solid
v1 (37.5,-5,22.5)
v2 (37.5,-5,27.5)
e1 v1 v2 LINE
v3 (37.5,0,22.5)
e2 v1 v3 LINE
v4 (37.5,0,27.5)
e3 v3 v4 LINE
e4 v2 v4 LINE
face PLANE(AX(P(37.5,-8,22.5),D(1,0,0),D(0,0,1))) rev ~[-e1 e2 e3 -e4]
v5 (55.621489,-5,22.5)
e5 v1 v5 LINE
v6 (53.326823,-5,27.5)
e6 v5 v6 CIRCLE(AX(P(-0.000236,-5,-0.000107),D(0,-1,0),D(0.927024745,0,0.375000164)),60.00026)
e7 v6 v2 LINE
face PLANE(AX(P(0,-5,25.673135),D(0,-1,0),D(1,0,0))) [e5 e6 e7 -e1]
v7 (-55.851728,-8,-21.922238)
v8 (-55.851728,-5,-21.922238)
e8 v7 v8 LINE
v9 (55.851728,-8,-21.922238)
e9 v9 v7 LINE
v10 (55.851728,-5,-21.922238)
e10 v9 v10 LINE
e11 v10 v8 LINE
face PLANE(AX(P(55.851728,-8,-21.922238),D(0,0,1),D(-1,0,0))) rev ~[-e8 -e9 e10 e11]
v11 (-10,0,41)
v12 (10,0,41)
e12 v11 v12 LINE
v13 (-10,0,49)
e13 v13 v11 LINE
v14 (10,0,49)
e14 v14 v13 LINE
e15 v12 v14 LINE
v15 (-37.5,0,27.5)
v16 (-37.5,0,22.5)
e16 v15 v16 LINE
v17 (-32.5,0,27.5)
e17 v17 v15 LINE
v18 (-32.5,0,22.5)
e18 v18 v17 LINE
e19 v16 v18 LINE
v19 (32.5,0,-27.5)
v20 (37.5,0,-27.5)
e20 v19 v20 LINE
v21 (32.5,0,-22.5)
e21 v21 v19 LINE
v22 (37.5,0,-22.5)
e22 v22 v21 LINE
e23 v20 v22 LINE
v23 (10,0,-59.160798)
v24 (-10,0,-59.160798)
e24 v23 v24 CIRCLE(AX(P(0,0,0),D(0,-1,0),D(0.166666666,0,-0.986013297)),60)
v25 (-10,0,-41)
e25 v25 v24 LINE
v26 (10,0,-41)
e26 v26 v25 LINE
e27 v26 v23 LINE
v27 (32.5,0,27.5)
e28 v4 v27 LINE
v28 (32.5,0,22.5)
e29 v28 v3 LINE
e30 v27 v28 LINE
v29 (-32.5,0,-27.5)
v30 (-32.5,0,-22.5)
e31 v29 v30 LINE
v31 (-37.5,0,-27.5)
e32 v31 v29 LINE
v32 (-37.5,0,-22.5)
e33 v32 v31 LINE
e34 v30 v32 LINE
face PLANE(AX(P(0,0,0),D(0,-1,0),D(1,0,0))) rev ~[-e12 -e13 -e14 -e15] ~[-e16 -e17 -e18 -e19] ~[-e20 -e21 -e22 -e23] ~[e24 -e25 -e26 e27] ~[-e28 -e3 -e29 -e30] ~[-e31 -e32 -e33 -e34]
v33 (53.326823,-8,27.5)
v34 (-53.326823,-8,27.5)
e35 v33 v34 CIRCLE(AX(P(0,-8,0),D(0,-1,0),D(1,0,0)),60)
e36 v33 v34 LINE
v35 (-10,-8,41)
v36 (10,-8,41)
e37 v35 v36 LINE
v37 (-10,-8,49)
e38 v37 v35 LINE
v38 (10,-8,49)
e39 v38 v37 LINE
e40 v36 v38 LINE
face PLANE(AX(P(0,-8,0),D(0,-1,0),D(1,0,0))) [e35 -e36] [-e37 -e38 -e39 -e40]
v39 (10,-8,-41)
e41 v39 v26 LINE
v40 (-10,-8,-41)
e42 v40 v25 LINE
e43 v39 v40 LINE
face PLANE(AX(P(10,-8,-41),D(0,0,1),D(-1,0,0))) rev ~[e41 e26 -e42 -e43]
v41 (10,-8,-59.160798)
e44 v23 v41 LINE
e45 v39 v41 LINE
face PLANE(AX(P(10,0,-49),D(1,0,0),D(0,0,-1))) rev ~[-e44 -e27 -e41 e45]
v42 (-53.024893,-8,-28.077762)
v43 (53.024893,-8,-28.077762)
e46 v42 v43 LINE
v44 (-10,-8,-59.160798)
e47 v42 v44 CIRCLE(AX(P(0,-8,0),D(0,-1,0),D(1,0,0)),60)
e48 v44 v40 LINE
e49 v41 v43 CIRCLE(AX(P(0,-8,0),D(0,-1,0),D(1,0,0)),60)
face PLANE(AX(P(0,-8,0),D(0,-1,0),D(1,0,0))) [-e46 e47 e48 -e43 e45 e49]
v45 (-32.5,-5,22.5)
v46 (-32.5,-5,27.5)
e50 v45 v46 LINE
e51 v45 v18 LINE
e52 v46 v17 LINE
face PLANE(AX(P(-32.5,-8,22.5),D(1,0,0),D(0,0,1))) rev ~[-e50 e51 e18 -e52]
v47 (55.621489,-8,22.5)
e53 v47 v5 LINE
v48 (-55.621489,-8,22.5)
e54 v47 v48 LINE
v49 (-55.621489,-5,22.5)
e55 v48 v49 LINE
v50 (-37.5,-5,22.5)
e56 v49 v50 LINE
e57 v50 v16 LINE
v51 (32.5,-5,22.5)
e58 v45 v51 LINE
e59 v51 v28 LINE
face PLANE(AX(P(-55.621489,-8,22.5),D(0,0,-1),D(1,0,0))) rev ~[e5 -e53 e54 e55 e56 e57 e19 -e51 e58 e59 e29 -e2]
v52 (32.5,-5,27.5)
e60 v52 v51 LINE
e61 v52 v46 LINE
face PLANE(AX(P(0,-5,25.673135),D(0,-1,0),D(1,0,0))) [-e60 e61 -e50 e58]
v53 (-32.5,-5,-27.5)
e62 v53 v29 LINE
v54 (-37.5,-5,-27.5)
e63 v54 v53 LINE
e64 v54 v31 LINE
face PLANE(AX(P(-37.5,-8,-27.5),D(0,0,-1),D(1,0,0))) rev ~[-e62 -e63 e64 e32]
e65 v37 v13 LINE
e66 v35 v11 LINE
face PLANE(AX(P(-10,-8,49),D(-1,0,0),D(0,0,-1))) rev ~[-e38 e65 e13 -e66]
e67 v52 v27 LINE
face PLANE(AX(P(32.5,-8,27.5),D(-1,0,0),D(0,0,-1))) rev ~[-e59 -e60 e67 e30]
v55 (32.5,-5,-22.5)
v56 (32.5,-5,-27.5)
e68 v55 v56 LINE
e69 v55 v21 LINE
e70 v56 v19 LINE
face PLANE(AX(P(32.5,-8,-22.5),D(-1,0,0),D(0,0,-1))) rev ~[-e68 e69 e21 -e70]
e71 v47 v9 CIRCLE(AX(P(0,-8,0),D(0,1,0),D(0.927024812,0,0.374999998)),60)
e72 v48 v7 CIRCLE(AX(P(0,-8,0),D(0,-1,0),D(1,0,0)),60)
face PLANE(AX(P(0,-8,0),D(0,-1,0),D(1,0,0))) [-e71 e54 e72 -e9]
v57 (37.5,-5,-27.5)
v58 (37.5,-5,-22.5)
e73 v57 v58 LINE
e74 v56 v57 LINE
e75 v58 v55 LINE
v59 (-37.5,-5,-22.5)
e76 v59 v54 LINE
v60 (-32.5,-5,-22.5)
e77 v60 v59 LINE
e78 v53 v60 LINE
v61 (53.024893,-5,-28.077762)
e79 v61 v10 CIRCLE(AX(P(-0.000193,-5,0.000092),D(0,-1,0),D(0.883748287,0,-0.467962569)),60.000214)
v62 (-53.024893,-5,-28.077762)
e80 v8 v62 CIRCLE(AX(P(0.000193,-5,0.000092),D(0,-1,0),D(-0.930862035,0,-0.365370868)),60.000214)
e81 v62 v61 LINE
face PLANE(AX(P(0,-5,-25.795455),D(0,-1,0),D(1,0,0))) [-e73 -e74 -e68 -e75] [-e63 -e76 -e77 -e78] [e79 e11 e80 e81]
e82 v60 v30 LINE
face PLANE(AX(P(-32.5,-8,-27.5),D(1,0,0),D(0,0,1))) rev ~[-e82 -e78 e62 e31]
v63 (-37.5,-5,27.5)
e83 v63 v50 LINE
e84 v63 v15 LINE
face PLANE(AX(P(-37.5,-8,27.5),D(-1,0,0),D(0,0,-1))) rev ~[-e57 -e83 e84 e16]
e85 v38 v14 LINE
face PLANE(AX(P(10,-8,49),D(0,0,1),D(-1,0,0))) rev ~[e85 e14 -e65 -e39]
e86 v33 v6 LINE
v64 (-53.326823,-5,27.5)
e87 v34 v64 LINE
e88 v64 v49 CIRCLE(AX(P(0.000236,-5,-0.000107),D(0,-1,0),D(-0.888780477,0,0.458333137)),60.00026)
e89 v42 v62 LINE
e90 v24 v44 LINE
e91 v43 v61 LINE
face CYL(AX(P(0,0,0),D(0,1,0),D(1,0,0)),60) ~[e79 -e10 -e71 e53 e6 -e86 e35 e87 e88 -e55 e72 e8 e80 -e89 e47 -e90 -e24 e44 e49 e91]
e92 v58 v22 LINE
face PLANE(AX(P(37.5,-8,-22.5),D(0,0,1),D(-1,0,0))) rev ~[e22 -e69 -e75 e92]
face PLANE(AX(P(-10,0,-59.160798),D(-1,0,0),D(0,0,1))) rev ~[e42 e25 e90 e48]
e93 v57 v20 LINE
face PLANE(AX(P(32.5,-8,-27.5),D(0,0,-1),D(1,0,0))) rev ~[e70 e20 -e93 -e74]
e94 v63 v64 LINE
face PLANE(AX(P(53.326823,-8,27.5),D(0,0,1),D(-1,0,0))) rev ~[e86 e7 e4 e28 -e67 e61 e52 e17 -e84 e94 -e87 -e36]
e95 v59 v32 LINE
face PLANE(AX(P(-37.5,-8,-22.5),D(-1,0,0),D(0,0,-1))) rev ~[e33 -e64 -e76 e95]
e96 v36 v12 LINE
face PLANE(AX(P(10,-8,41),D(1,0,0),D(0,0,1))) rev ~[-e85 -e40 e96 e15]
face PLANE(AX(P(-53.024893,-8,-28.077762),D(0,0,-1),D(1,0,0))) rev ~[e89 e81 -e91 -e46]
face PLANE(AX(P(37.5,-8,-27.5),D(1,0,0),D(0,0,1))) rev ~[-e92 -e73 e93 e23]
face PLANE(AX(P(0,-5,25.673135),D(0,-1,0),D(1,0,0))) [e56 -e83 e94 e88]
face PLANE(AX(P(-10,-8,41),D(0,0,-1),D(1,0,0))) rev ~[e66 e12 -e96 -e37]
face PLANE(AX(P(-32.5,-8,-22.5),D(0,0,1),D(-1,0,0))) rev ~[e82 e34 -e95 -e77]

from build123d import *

# Parameters (mm, degrees)
F0_R     = 60
F1_DEPTH = 8
F2_W     = 70
F2_H     = 2.5
F2_H_2   = 3.077762
F3_DEPTH = 3
F4_W     = 2.5
F4_H     = 2.5
F5_DEPTH = 8.001
F7_DEPTH = 8.001
F9_DEPTH = 8.001


with BuildPart() as f1:
    # F0 (on Front) → F1 (new body)
    with BuildSketch(Plane.XZ):
        Circle(F0_R)
    extrude(amount=F1_DEPTH)

    # F2 (on face) → F3 (cut)
    with BuildSketch(Plane.XZ.offset(8)):
        with BuildLine():
            Line((-35, 25), (35, 25))
            Line((35, 25), (35, 22.5))
            Line((35, 22.5), (55.621489, 22.5))
            ThreePointArc((55.621489, 22.5), (54.531492, 25.026314), (53.326823, 27.5))
            Line((53.326823, 27.5), (-53.326823, 27.5))
            ThreePointArc((-53.326823, 27.5), (-54.531492, 25.026314), (-55.621489, 22.5))
            Line((-55.621489, 22.5), (-35, 22.5))
            Line((-35, 22.5), (-35, 25))
        make_face()
        with Locations((0, 23.75)):
            Rectangle(F2_W, F2_H)
        with BuildLine():
            Line((55.851728, -21.922238), (35, -21.922238))
            Line((35, -21.922238), (35, -25))
            Line((35, -25), (-35, -25))
            Line((-35, -25), (-35, -21.922238))
            Line((-35, -21.922238), (-55.851728, -21.922238))
            ThreePointArc((-55.851728, -21.922238), (-54.525244, -25.039923), (-53.024893, -28.077762))
            Line((-53.024893, -28.077762), (53.024893, -28.077762))
            ThreePointArc((53.024893, -28.077762), (54.525244, -25.039923), (55.851728, -21.922238))
        make_face()
        with Locations((0, -23.461119)):
            Rectangle(F2_W, F2_H_2)
    extrude(amount=-F3_DEPTH, mode=Mode.SUBTRACT)

    # F4 (on face) → F5 (cut, through all)
    with BuildSketch(Plane.XZ.offset(8)):
        Polygon((-35, 25), (-32.5, 25), (-32.5, 27.5), (-37.5, 27.5), (-37.5, 22.5), (-35, 22.5), align=None)
        with Locations((-33.75, 23.75)):
            Rectangle(F4_W, F4_H)
        Polygon((32.5, 25), (35, 25), (35, 22.5), (37.5, 22.5), (37.5, 27.5), (32.5, 27.5), align=None)
        with Locations((33.75, 23.75)):
            Rectangle(F4_W, F4_H)
        Polygon((37.5, -22.5), (35, -22.5), (35, -25), (32.5, -25), (32.5, -27.5), (37.5, -27.5), align=None)
        with Locations((33.75, -23.75)):
            Rectangle(F4_W, F4_H)
        Polygon((-35, -25), (-35, -22.5), (-37.5, -22.5), (-37.5, -27.5), (-32.5, -27.5), (-32.5, -25), align=None)
        with Locations((-33.75, -23.75)):
            Rectangle(F4_W, F4_H)
    extrude(amount=-F5_DEPTH, mode=Mode.SUBTRACT)

    # F6 (on face) → F7 (cut, through all)
    with BuildSketch(Plane.XZ.offset(8)):
        Polygon((-10, 41), (0, 41), (10, 41), (10, 49), (-10, 49), align=None)
        Polygon((10, -41), (0, -41), (-10, -41), (-10, -49), (10, -49), align=None)
    extrude(amount=-F7_DEPTH, mode=Mode.SUBTRACT)

    # F8 (on face) → F9 (cut, through all)
    with BuildSketch(Plane(origin=(0, 0, 0), x_dir=(-1, 0, 0), z_dir=(0, 1, 0))):
        with BuildLine():
            Line((10, -49), (-10, -49))
            Line((-10, -49), (-10, -59.160798))
            ThreePointArc((-10, -59.160798), (0, -60), (10, -59.160798))
            Line((10, -59.160798), (10, -49))
        make_face()
    extrude(amount=-F9_DEPTH, mode=Mode.SUBTRACT)


solid = f1.part
